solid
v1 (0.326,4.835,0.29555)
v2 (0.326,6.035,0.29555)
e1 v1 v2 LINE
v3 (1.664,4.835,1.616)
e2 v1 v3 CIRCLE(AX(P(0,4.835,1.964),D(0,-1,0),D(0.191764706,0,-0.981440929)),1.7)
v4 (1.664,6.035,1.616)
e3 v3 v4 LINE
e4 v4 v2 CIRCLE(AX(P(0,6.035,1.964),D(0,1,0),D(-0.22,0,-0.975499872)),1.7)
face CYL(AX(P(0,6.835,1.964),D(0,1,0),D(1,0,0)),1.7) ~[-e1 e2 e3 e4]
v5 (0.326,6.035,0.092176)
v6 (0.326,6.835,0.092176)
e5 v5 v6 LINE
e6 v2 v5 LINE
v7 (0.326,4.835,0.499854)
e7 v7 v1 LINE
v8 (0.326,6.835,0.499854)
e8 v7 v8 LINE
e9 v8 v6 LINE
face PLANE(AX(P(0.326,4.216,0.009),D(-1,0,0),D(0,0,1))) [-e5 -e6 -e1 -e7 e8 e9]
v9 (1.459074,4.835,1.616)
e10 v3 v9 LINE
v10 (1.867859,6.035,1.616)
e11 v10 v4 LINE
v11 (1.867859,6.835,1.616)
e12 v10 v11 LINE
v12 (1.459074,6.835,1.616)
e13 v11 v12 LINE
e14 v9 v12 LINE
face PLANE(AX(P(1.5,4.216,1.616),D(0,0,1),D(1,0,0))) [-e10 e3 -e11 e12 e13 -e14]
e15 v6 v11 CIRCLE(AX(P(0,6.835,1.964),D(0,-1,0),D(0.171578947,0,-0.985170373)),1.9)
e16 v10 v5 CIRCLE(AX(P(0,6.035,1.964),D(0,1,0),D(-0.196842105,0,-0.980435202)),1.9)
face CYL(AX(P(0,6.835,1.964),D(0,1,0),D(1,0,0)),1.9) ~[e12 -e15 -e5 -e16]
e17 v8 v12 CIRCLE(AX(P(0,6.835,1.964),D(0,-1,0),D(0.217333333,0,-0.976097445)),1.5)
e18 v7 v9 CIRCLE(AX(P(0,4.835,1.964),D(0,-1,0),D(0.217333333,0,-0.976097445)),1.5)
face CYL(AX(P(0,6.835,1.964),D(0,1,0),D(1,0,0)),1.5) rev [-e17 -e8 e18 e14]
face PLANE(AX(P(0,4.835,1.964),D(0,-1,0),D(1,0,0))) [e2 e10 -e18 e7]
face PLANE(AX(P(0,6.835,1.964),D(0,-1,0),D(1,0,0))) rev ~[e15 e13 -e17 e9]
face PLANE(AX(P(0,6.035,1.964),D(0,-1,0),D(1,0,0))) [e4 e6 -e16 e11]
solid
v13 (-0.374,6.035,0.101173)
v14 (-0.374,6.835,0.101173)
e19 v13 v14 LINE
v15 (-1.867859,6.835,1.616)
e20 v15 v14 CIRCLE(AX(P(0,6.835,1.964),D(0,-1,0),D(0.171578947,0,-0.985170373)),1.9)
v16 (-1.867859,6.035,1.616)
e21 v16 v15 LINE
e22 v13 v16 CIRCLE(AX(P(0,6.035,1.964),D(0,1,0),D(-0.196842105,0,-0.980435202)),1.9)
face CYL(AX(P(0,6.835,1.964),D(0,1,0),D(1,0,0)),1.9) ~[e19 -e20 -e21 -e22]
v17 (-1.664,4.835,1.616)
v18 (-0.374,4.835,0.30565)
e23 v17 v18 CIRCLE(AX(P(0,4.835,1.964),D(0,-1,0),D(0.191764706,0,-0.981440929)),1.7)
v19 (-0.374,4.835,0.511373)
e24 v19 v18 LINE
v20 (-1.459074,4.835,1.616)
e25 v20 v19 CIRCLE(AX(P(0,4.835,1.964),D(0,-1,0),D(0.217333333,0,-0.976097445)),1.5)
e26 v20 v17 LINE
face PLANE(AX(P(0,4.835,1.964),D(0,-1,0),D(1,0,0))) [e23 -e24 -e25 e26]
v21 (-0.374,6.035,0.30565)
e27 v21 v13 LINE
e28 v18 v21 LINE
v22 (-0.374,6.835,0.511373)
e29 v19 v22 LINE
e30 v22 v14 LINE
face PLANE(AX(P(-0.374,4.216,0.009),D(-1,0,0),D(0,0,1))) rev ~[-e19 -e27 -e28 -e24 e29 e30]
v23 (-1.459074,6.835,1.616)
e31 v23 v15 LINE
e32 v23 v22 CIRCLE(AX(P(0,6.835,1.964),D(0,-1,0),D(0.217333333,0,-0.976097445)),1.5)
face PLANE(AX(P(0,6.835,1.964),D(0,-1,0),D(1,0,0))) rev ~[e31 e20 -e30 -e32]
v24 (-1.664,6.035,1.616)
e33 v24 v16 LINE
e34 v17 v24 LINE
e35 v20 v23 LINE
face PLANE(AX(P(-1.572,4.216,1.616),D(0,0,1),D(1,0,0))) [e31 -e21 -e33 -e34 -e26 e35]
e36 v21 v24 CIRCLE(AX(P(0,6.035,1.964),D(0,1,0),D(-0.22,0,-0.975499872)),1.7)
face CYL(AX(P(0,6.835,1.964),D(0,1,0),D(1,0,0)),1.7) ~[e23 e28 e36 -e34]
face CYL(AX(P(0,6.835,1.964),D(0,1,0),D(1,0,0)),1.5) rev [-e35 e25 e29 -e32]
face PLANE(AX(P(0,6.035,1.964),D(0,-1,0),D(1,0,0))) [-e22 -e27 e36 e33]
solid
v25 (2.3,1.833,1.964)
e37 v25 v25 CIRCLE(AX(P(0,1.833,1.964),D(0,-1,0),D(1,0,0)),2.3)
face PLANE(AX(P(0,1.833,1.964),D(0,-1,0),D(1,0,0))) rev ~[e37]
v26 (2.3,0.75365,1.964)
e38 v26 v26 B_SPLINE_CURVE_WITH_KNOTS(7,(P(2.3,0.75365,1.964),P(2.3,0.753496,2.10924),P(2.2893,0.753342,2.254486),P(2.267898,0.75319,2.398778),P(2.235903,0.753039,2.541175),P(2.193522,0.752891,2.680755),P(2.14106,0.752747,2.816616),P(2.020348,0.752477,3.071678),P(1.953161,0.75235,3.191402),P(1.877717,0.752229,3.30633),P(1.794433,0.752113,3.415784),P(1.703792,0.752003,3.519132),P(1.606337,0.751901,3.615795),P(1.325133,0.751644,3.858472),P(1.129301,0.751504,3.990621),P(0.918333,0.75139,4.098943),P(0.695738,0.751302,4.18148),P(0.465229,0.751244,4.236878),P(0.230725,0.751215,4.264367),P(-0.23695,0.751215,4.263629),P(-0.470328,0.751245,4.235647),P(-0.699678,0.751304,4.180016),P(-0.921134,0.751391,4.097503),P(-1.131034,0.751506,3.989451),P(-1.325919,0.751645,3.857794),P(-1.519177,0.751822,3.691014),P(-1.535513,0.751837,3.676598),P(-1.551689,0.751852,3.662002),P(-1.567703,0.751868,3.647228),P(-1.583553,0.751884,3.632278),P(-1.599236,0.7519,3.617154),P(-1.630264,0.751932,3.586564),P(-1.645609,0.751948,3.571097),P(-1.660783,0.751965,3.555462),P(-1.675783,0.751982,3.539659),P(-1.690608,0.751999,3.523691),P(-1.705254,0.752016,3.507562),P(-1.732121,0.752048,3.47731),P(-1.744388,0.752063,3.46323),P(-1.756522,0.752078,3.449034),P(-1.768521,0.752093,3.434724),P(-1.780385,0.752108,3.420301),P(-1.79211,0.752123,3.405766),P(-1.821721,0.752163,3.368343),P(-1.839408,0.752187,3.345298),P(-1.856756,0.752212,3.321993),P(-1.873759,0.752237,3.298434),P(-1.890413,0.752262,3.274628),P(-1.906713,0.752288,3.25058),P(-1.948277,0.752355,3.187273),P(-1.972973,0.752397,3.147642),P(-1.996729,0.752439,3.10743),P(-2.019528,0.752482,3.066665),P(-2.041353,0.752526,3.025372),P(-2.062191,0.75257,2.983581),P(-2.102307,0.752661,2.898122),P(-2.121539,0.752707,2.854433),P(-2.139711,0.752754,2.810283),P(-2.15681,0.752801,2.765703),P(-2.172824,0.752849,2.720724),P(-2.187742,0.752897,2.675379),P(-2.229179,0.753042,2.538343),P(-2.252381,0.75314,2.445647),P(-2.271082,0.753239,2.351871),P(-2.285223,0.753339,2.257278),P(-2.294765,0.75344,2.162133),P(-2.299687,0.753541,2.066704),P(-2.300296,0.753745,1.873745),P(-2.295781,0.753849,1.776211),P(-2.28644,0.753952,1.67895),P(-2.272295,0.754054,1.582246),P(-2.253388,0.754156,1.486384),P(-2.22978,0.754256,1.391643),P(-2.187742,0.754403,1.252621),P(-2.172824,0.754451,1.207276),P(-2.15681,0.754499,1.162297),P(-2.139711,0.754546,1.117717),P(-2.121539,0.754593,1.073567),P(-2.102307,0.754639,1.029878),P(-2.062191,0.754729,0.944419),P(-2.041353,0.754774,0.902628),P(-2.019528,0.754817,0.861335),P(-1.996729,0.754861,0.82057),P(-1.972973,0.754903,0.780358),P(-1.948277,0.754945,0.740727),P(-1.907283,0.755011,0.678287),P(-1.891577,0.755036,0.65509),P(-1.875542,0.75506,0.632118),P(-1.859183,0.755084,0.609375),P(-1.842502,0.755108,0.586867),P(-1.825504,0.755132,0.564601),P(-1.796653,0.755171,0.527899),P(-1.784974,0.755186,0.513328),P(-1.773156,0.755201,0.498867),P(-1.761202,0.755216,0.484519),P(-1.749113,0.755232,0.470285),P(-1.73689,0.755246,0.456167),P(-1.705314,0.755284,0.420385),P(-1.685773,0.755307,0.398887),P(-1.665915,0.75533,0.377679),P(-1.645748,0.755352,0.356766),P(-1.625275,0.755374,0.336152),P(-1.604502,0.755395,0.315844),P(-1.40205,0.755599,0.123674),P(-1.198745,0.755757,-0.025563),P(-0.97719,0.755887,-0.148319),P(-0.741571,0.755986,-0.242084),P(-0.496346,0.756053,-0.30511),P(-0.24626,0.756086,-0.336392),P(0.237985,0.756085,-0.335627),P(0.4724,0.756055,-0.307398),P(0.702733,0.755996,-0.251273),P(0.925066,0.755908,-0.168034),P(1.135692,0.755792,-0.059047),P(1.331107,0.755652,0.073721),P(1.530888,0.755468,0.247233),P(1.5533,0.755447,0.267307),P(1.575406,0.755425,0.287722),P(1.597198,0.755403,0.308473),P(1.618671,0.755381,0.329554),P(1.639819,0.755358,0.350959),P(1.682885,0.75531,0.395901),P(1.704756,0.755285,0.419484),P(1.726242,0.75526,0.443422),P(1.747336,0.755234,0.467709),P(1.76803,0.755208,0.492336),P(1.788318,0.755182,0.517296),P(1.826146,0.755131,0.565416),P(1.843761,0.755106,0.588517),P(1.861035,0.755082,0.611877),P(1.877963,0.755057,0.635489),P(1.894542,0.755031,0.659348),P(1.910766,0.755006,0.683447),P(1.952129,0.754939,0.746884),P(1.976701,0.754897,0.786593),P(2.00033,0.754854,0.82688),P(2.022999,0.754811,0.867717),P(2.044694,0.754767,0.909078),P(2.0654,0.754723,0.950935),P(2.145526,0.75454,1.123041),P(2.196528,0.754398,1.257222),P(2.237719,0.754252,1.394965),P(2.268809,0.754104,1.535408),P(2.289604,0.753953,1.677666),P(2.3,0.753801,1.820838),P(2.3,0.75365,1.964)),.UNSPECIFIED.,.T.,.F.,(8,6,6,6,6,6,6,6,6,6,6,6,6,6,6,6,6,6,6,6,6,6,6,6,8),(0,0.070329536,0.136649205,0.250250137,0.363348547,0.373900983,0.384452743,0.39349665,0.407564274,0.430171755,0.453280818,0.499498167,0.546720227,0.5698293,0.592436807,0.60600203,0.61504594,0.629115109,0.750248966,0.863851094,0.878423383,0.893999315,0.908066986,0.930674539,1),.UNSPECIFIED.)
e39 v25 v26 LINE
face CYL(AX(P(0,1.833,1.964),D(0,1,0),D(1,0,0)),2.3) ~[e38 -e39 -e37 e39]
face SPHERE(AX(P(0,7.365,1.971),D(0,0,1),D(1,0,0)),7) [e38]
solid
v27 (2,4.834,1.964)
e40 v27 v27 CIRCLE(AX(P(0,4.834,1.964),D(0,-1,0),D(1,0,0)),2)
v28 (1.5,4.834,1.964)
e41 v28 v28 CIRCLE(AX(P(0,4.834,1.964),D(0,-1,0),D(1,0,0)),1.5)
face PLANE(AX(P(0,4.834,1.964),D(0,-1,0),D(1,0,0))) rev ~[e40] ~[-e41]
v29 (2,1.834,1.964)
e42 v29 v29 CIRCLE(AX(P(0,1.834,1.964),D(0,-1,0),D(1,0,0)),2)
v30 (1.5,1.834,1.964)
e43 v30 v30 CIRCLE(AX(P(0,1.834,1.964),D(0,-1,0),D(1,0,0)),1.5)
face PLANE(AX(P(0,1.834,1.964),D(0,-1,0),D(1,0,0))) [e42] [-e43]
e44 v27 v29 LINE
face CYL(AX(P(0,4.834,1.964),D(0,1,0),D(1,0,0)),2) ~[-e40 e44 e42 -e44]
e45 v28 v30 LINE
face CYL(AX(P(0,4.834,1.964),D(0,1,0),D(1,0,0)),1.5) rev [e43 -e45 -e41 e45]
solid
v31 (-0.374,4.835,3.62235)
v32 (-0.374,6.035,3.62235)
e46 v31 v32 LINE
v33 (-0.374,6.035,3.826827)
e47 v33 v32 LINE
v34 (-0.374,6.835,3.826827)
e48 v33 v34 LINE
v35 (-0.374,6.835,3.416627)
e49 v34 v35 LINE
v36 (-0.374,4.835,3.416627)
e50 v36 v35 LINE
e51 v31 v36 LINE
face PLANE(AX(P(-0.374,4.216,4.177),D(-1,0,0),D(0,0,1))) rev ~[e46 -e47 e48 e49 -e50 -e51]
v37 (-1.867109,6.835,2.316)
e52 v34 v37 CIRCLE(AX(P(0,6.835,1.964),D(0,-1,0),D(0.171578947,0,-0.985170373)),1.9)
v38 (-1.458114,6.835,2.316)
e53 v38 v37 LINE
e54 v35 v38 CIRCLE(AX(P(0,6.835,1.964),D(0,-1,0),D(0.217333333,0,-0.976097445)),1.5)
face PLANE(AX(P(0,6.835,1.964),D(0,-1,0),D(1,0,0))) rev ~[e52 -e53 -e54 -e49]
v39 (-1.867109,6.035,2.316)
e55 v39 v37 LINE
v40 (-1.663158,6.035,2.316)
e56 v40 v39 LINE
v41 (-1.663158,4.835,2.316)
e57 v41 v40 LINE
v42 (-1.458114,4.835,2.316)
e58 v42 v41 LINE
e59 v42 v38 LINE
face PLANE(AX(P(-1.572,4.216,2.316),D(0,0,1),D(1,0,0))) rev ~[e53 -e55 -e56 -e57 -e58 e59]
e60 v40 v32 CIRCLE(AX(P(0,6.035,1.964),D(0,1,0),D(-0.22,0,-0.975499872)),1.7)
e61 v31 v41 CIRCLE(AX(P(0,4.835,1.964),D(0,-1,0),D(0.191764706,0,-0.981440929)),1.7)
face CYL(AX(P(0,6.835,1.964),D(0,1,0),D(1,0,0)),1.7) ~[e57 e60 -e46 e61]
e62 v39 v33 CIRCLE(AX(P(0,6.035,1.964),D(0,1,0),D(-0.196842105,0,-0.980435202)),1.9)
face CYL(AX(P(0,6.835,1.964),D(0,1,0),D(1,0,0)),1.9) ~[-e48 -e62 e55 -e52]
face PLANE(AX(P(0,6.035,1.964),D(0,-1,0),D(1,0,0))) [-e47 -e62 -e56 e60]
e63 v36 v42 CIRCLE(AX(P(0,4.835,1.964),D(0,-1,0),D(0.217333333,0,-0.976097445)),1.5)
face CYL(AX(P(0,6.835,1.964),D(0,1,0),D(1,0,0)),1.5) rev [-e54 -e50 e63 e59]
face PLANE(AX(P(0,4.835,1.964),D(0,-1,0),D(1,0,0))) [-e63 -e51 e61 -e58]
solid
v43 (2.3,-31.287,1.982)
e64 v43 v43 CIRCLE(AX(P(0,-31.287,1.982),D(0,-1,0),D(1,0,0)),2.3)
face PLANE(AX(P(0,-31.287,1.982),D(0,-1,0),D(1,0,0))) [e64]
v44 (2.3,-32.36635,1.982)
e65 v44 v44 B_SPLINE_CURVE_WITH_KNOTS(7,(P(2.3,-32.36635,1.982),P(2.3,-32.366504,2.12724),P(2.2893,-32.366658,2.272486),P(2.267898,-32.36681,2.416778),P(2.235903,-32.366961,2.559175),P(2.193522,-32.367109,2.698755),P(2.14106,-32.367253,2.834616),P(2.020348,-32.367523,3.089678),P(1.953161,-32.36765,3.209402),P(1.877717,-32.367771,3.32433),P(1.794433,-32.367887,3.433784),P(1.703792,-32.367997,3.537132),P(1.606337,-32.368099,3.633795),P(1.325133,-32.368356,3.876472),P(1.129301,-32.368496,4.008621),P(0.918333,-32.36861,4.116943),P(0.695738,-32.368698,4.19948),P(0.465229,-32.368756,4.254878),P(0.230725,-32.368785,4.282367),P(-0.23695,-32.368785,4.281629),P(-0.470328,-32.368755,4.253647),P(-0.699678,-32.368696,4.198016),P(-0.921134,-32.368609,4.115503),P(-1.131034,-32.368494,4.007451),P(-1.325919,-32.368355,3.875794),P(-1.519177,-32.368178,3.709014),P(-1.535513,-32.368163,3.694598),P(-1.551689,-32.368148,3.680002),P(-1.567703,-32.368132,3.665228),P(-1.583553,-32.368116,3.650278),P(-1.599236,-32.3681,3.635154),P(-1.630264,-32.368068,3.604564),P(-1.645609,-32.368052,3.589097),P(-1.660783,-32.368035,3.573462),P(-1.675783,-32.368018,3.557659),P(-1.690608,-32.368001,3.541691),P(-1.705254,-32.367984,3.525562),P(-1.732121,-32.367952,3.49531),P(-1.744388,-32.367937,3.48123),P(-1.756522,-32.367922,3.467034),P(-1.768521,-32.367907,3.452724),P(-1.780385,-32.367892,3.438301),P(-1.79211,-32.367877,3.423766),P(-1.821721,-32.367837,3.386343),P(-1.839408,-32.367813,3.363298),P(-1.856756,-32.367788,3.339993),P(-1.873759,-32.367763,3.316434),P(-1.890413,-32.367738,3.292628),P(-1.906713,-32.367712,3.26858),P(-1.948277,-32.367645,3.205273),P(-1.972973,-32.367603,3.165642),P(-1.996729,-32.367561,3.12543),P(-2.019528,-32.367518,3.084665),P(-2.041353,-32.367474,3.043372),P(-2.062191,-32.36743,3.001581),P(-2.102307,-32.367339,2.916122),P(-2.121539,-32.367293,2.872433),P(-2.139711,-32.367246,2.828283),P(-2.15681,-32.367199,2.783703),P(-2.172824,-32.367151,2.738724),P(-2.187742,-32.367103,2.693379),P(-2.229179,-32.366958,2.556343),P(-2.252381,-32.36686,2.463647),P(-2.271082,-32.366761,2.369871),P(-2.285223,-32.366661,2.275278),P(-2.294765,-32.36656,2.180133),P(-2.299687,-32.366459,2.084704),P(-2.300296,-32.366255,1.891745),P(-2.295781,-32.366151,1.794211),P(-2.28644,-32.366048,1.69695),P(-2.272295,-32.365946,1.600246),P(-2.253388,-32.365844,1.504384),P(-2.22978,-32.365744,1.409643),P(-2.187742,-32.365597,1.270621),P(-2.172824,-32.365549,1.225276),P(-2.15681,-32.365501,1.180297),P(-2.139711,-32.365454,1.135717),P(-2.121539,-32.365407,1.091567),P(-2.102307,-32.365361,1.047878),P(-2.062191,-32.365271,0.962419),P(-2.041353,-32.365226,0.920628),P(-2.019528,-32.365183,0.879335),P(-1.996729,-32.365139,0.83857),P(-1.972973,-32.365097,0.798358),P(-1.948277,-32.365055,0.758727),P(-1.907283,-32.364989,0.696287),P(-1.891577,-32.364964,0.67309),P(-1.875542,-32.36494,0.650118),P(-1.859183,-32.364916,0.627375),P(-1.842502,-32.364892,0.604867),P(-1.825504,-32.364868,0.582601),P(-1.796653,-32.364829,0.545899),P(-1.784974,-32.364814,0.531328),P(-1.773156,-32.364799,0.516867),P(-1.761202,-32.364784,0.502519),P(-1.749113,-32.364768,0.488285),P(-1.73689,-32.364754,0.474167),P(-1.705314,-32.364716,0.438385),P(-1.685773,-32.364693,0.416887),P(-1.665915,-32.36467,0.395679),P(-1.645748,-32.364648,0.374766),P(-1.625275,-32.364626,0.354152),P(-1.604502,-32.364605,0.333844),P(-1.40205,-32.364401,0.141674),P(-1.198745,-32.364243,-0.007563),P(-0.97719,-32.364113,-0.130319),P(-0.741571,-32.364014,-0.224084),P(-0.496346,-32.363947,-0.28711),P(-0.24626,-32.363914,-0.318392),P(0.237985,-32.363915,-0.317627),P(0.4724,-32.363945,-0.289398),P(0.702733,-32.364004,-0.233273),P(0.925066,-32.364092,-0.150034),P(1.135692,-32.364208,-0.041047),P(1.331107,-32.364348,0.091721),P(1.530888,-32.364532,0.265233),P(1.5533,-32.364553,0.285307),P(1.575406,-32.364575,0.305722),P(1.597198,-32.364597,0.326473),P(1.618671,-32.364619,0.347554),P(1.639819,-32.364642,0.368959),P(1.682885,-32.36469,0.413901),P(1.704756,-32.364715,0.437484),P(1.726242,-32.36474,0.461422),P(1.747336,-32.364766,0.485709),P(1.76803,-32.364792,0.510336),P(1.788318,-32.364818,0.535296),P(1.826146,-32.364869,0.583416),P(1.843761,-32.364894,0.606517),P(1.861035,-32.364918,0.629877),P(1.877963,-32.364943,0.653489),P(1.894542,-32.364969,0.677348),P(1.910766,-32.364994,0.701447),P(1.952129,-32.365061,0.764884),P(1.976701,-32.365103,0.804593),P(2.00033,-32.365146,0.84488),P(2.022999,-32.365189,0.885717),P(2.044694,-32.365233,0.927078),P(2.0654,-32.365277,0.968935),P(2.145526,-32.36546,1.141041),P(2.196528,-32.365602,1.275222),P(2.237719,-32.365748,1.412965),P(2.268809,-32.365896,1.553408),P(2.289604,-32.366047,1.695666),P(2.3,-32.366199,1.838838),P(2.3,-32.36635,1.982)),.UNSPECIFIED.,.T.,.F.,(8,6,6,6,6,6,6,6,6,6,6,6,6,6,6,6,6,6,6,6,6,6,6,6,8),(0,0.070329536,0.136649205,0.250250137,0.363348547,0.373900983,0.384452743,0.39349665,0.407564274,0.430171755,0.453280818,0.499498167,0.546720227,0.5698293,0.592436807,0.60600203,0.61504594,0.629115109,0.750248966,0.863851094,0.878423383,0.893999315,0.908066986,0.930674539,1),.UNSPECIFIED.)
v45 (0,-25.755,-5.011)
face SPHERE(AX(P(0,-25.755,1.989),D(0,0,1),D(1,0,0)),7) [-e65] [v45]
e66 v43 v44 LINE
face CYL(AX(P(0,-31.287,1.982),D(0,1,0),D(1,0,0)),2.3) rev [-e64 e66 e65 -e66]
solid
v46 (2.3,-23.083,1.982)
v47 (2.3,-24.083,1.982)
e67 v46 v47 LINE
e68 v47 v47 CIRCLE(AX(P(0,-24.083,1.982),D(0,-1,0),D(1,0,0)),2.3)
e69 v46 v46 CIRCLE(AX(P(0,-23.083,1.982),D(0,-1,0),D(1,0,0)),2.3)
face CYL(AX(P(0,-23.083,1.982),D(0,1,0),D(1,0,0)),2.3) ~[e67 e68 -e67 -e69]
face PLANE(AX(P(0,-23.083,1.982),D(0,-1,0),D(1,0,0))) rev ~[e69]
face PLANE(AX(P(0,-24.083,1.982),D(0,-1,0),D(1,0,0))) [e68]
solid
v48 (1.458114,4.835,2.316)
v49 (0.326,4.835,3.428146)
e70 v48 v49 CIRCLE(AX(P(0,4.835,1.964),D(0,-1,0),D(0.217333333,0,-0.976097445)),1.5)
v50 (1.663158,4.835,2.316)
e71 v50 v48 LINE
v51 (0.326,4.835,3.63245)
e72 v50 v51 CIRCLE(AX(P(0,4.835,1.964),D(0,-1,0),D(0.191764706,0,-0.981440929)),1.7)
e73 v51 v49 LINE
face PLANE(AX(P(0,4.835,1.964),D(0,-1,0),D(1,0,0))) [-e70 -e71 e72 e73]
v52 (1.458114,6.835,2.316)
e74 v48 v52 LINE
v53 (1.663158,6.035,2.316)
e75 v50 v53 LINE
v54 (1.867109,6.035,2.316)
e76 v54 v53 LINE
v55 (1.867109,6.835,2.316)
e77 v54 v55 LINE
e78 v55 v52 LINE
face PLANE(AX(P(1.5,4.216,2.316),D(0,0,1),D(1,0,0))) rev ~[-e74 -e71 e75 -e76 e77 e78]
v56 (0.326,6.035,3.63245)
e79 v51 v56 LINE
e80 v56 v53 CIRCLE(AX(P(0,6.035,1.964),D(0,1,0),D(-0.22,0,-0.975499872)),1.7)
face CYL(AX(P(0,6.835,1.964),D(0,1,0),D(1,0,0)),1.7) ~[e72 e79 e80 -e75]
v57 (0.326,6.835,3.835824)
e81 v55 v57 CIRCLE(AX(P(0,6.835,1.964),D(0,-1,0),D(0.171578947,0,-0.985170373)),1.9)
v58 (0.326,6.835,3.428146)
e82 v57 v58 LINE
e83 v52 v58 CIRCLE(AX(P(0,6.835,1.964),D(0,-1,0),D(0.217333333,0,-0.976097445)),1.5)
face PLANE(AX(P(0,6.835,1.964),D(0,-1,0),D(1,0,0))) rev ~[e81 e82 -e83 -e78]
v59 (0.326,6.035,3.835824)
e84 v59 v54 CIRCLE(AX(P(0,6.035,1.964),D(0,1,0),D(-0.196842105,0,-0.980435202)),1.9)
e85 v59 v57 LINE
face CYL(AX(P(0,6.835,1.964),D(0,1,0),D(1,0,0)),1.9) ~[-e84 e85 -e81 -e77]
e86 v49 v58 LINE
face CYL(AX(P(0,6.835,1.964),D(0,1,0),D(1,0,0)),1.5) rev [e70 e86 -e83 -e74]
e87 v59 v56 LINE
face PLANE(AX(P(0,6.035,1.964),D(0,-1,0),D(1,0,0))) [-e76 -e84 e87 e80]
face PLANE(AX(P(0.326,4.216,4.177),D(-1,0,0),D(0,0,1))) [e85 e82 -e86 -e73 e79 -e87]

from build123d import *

# Parameters (mm, degrees)
CYLINDER001_R     = 2.3
CYLINDER001_DEPTH = 1
CYLINDER_R        = 2.3
CYLINDER_DEPTH    = 2
TUBE_R            = 2
TUBE_R_2          = 1.5
TUBE_DEPTH        = 3
BOX007_W          = 3
BOX007_H          = 10
BOX007_DEPTH      = 0.7
BOX006_W          = 3
BOX006_H          = 10
BOX006_DEPTH      = 0.7
BOX005_W          = 3
BOX005_H          = 10
BOX005_DEPTH      = 0.7
BOX004_W          = 3
BOX004_H          = 10
BOX004_DEPTH      = 0.7
TUBE002_R         = 1.9
TUBE002_R_2       = 1.5
TUBE002_DEPTH     = 0.8
TUBE001_R         = 1.7
TUBE001_R_2       = 1.5
TUBE001_DEPTH     = 2


with BuildPart() as cylinder001:
    # Cylinder001 → Cylinder001 (new body)
    with BuildSketch(Plane(origin=(0, -23.083, 1.982), x_dir=(1, 0, 0), z_dir=(0, -1, 0))):
        Circle(CYLINDER001_R)
    extrude(amount=CYLINDER001_DEPTH)


with BuildPart() as cylinder:
    # Cylinder → Cylinder (new body)
    with BuildSketch(Plane(origin=(0, -31.287, 1.982), x_dir=(1, 0, 0), z_dir=(0, -1, 0))):
        Circle(CYLINDER_R)
    extrude(amount=CYLINDER_DEPTH)


with BuildPart() as sphere:
    # Sphere → Sphere (revolve)
    with BuildSketch(Plane(origin=(0, -25.755, 1.989), x_dir=(1, 0, 0), z_dir=(0, -1, 0))):
        with BuildLine():
            ThreePointArc((0, -7), (7, 0), (0, 7))
            Line((0, 7), (0, -7))
        make_face()
    revolve(axis=Axis((0, -25.755, 1.989), (0, 0, 1)))


with BuildPart() as cut004:
    # Cut004 base: copy of Sphere
    add(sphere.part)

    # Cut004: cut Cylinder
    add(cylinder.part, mode=Mode.SUBTRACT)


with BuildPart() as common:
    # Common base: copy of Sphere
    add(sphere.part)

    # Common: intersect Cylinder
    add(cylinder.part, mode=Mode.INTERSECT)


with BuildPart() as common_1:
    # Common placement: moved
    add(common.part.moved(Location((0, 33.12, -0.018))))


with BuildPart() as fusion001:
    # Tube → Tube (new body)
    with BuildSketch(Plane(origin=(0, 4.834, 1.964), x_dir=(1, 0, 0), z_dir=(0, -1, 0))):
        Circle(TUBE_R)
        Circle(TUBE_R_2, mode=Mode.SUBTRACT)
    extrude(amount=TUBE_DEPTH)

    # Fusion001: union Common
    add(common_1.part)


with BuildPart() as cube007:
    # Box007 → Box007 (new body)
    with BuildSketch(Plane(origin=(0.326, -0.784, 2.677), x_dir=(0, 0, 1), z_dir=(-1, 0, 0))):
        with Locations((1.5, 5)):
            Rectangle(BOX007_W, BOX007_H)
    extrude(amount=BOX007_DEPTH)


with BuildPart() as cube006:
    # Box006 → Box006 (new body)
    with BuildSketch(Plane(origin=(-3.072, -0.784, 1.616), x_dir=(1, 0, 0), z_dir=(0, 0, 1))):
        with Locations((1.5, 5)):
            Rectangle(BOX006_W, BOX006_H)
    extrude(amount=BOX006_DEPTH)


with BuildPart() as cube005:
    # Box005 → Box005 (new body)
    with BuildSketch(Plane(origin=(0, -0.784, 1.616), x_dir=(1, 0, 0), z_dir=(0, 0, 1))):
        with Locations((1.5, 5)):
            Rectangle(BOX005_W, BOX005_H)
    extrude(amount=BOX005_DEPTH)


with BuildPart() as cube004:
    # Box004 → Box004 (new body)
    with BuildSketch(Plane(origin=(0.326, -0.784, -1.491), x_dir=(0, 0, 1), z_dir=(-1, 0, 0))):
        with Locations((1.5, 5)):
            Rectangle(BOX004_W, BOX004_H)
    extrude(amount=BOX004_DEPTH)


with BuildPart() as tube002:
    # Tube002 → Tube002 (new body)
    with BuildSketch(Plane(origin=(0, 6.835, 1.964), x_dir=(1, 0, 0), z_dir=(0, -1, 0))):
        Circle(TUBE002_R)
        Circle(TUBE002_R_2, mode=Mode.SUBTRACT)
    extrude(amount=TUBE002_DEPTH)


with BuildPart() as lens:
    # Tube001 → Tube001 (new body)
    with BuildSketch(Plane(origin=(0, 6.835, 1.964), x_dir=(1, 0, 0), z_dir=(0, -1, 0))):
        Circle(TUBE001_R)
        Circle(TUBE001_R_2, mode=Mode.SUBTRACT)
    extrude(amount=TUBE001_DEPTH)

    # Fusion: union Tube002
    add(tube002.part)

    # Cut: cut Cube004
    add(cube004.part, mode=Mode.SUBTRACT)

    # Cut001: cut Cube005
    add(cube005.part, mode=Mode.SUBTRACT)

    # Cut002: cut Cube006
    add(cube006.part, mode=Mode.SUBTRACT)

    # Cut003: cut Cube007
    add(cube007.part, mode=Mode.SUBTRACT)

    # Fusion002: union Fusion001
    add(fusion001.part)


solid = Compound([cylinder001.part, cut004.part, lens.part])
